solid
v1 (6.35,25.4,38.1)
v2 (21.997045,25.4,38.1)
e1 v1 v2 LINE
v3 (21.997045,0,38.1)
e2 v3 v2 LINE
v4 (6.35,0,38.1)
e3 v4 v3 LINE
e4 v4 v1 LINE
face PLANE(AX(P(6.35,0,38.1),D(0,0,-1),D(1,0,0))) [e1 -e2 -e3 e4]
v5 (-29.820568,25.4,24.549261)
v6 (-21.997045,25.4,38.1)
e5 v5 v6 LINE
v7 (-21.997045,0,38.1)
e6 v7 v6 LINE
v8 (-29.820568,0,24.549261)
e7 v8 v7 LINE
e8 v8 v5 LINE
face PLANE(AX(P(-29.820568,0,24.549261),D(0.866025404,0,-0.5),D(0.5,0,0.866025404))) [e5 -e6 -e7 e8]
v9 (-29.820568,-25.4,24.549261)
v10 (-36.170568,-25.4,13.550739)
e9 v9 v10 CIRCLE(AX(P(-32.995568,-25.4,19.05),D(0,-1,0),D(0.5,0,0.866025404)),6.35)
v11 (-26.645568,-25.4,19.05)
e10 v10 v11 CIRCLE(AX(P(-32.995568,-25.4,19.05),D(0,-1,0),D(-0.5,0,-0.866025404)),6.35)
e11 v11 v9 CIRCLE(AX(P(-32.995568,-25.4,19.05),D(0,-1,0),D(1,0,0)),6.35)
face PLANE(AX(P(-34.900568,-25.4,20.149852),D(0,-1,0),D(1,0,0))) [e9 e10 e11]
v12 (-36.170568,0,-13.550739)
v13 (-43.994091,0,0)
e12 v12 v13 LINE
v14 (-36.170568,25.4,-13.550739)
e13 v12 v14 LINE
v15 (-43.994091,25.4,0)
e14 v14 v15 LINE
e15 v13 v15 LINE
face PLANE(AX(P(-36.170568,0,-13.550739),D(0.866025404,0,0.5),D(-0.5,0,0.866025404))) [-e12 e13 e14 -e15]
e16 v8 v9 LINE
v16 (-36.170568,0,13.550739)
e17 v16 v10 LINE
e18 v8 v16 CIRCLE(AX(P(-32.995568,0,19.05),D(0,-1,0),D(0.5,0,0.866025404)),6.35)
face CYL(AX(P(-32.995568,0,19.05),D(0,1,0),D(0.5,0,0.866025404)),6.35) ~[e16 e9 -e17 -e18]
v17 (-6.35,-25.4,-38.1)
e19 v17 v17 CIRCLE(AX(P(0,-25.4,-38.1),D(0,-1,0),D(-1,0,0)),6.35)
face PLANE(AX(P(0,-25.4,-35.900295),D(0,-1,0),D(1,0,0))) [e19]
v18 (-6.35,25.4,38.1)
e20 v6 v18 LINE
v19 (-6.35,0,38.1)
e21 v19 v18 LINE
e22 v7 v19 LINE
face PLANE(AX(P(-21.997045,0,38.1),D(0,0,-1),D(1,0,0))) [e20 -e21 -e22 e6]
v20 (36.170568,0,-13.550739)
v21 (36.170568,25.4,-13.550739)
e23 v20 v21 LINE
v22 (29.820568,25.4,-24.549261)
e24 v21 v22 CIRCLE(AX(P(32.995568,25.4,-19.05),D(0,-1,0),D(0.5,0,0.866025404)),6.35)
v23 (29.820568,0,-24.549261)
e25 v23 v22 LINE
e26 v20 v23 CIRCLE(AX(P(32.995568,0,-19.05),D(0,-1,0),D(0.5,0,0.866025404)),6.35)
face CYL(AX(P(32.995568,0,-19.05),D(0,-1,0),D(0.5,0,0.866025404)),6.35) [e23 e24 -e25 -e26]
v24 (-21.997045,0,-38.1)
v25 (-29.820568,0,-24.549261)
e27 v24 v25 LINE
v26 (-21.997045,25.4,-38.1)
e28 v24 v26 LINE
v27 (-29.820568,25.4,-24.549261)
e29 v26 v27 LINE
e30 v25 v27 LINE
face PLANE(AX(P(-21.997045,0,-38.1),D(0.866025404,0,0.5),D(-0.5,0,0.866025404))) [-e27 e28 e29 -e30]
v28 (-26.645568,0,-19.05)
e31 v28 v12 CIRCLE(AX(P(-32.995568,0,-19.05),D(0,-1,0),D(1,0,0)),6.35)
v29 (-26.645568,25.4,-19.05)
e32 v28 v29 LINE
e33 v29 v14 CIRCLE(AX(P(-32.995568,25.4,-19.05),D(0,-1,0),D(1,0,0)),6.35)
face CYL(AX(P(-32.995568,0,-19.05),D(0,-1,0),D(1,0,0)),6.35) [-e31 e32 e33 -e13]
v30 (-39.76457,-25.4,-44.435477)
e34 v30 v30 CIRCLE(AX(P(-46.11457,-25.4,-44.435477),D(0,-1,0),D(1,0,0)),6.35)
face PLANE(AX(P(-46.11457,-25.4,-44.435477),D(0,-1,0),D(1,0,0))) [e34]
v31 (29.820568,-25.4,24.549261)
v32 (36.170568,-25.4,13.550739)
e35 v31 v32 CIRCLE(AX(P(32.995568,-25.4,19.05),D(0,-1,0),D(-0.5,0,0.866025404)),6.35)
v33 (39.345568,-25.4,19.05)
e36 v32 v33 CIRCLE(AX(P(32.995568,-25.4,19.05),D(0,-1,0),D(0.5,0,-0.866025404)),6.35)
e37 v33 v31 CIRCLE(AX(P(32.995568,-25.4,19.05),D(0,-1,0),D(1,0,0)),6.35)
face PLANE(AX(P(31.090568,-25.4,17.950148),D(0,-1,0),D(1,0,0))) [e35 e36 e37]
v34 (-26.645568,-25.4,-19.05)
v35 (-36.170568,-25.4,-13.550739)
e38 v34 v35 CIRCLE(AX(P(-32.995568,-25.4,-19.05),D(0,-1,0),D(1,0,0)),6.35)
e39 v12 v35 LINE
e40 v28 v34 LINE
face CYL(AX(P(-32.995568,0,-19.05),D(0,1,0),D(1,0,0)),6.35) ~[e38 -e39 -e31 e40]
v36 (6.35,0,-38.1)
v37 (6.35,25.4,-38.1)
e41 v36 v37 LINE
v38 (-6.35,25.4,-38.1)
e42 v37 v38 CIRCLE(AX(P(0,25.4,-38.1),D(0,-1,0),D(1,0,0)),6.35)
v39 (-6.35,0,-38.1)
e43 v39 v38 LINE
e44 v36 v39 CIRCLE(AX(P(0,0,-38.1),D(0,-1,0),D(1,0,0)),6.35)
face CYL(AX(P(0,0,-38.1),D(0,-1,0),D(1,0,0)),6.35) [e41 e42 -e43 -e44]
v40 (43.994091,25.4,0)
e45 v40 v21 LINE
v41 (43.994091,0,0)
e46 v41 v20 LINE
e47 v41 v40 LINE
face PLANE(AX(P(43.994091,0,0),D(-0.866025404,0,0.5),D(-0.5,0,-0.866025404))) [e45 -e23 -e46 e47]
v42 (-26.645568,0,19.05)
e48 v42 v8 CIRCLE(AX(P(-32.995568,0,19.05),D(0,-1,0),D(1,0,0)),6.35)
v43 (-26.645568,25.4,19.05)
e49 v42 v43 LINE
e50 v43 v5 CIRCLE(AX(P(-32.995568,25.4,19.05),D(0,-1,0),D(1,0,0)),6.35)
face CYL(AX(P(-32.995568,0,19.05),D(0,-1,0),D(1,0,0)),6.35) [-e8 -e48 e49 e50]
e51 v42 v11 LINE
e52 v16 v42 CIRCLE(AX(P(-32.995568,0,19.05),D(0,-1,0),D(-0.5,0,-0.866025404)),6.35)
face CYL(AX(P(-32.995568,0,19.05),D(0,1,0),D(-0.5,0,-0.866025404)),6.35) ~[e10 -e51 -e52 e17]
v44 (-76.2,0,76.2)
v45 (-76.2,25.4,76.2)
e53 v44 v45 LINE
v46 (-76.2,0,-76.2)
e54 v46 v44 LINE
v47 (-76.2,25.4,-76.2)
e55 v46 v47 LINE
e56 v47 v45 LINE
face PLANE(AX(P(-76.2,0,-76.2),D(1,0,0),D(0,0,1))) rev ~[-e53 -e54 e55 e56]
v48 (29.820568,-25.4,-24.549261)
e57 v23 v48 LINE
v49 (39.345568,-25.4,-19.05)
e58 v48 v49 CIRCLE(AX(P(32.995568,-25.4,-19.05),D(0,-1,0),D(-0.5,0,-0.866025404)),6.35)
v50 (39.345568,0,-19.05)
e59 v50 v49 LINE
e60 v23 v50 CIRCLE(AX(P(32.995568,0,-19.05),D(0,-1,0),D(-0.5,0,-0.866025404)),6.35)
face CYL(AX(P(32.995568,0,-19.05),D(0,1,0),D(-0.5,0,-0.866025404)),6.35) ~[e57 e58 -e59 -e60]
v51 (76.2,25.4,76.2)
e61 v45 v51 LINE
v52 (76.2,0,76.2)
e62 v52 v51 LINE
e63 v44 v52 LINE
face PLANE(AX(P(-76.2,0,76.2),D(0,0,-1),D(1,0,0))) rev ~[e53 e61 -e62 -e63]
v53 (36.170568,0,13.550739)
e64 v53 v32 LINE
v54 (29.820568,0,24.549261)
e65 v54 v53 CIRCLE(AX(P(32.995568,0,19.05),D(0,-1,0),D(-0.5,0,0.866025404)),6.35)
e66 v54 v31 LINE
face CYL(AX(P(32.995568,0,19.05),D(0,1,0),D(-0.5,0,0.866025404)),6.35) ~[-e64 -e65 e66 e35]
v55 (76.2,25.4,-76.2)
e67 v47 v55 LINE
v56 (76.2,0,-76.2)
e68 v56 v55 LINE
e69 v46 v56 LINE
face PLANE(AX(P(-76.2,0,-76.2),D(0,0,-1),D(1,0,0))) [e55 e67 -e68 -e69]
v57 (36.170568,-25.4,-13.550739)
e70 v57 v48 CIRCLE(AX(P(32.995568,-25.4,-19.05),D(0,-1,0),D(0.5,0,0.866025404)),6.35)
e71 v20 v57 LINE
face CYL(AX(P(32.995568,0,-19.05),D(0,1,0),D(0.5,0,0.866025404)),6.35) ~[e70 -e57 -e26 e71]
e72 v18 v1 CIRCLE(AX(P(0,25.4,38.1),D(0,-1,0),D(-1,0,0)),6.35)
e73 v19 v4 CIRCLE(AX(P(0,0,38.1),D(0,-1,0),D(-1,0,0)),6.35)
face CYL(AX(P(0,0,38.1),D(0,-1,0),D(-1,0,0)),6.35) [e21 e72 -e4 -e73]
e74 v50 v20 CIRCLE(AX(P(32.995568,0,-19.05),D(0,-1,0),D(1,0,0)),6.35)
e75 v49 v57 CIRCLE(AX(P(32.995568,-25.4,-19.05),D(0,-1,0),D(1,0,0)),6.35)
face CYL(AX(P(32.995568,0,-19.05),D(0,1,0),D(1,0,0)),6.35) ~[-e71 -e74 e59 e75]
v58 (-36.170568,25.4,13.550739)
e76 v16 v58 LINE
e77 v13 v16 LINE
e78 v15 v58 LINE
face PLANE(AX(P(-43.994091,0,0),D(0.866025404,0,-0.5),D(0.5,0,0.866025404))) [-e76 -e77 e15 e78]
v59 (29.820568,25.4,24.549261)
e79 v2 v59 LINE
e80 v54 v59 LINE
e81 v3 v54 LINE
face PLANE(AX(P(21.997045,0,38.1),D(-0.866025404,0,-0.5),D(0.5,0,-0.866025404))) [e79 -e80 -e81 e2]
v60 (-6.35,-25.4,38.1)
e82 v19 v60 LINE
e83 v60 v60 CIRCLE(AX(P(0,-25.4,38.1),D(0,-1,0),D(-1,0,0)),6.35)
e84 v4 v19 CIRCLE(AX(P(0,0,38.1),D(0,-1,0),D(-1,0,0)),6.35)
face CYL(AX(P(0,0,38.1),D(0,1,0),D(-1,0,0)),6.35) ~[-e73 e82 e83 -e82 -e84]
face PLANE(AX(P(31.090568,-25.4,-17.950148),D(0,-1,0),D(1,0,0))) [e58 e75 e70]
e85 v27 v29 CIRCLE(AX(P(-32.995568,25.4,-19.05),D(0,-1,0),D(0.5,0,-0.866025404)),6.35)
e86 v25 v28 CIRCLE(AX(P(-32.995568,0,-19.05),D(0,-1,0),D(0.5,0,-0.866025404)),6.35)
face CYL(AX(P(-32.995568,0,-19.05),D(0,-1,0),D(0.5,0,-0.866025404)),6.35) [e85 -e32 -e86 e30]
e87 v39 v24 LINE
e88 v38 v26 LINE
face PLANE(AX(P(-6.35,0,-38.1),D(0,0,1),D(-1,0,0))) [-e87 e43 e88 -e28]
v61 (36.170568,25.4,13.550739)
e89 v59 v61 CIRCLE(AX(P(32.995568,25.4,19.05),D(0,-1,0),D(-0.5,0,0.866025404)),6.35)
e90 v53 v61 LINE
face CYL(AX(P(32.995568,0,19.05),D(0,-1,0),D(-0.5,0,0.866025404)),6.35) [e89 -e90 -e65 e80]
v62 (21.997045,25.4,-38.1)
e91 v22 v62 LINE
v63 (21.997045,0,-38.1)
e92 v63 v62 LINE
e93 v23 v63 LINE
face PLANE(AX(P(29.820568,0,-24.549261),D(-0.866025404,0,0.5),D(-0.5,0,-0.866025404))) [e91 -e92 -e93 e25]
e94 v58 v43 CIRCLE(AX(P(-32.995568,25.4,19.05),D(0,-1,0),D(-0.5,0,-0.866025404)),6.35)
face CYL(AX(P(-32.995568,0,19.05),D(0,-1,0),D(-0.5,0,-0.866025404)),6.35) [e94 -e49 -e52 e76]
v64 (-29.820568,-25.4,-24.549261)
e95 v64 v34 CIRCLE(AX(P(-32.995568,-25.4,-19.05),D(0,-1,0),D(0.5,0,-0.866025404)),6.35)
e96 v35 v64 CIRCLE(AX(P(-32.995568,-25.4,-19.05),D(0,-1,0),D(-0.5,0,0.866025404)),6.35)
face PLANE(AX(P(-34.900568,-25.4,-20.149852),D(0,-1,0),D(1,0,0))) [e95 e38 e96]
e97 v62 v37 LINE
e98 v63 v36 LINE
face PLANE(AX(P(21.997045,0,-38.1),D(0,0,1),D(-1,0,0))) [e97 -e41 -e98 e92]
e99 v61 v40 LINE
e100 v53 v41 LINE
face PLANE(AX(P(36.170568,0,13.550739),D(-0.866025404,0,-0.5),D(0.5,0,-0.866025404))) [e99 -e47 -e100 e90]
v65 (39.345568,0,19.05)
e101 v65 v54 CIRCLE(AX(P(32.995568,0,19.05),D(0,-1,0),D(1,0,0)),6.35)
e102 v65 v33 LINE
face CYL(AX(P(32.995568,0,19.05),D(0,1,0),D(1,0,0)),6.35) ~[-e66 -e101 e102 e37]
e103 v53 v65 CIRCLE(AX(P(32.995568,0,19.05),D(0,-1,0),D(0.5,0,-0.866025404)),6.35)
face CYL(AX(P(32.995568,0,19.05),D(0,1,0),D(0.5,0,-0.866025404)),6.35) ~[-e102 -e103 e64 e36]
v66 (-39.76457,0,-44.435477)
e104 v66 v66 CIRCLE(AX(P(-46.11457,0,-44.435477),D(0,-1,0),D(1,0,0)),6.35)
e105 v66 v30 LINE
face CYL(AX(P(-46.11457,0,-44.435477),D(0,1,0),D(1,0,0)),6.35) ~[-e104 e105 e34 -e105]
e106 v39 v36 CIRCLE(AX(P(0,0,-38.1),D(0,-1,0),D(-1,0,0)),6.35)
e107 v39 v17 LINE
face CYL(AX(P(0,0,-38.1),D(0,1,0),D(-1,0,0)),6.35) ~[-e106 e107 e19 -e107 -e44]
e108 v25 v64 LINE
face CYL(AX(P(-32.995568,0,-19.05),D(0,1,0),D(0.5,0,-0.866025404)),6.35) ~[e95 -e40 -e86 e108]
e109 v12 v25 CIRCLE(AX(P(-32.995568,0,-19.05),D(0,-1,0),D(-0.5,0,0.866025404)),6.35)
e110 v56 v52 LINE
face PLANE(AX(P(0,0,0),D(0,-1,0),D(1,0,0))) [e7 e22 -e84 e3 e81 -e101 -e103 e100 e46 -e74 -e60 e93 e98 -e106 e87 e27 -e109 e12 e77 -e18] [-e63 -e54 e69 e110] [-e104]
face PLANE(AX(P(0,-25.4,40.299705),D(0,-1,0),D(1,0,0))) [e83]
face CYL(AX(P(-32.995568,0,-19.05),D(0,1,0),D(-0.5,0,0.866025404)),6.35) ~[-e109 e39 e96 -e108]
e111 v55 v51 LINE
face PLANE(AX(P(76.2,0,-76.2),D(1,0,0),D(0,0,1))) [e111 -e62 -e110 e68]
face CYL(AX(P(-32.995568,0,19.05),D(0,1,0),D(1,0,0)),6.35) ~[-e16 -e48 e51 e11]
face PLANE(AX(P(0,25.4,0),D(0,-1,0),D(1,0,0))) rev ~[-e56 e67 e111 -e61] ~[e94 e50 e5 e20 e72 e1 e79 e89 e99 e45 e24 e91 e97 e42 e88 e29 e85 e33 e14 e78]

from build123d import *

# Parameters (mm, degrees)
F0_W     = 152.4
F0_H     = 152.4
F0_R     = 6.35
F1_DEPTH = 25.4
F2_DEPTH = 25.4


with BuildPart() as f1:
    # F0 (on Front) → F1 (new body)
    with BuildSketch(Plane.XZ):
        Rectangle(F0_W, F0_H)
        with Locations((-46.1145695052, -44.4354765854)):
            Circle(F0_R, mode=Mode.SUBTRACT)
        with BuildLine():
            ThreePointArc((-6.35, 38.1), (0, 44.45), (6.35, 38.1))
            Line((6.35, 38.1), (21.9970452561, 38.1))
            Line((21.9970452561, 38.1), (29.8205678842, 24.549261314))
            ThreePointArc((29.8205678842, 24.549261314), (36.1705678842, 24.549261314), (39.3455678842, 19.05))
            ThreePointArc((39.3455678842, 19.05), (38.4948291982, 15.875), (36.1705678842, 13.550738686))
            Line((36.1705678842, 13.550738686), (43.9940905122, 0))
            Line((43.9940905122, 0), (36.1705678842, -13.550738686))
            ThreePointArc((36.1705678842, -13.550738686), (38.4948291982, -15.875), (39.3455678842, -19.05))
            ThreePointArc((39.3455678842, -19.05), (36.1705678842, -24.549261314), (29.8205678842, -24.549261314))
            Line((29.8205678842, -24.549261314), (21.9970452561, -38.1))
            Line((21.9970452561, -38.1), (6.35, -38.1))
            ThreePointArc((6.35, -38.1), (0, -44.45), (-6.35, -38.1))
            Line((-6.35, -38.1), (-21.9970452561, -38.1))
            Line((-21.9970452561, -38.1), (-29.8205678842, -24.549261314))
            ThreePointArc((-29.8205678842, -24.549261314), (-38.4948291982, -22.225), (-36.1705678842, -13.550738686))
            Line((-36.1705678842, -13.550738686), (-43.9940905122, 0))
            Line((-43.9940905122, 0), (-36.1705678842, 13.550738686))
            ThreePointArc((-36.1705678842, 13.550738686), (-38.4948291982, 22.225), (-29.8205678842, 24.549261314))
            Line((-29.8205678842, 24.549261314), (-21.9970452561, 38.1))
            Line((-21.9970452561, 38.1), (-6.35, 38.1))
        make_face(mode=Mode.SUBTRACT)
        with BuildLine():
            Line((-29.8205678842, -24.549261314), (-36.1705678842, -13.550738686))
            ThreePointArc((-36.1705678842, -13.550738686), (-38.4948291982, -22.225), (-29.8205678842, -24.549261314))
        make_face()
        with BuildLine():
            ThreePointArc((-26.6455678842, -19.05), (-29.8205678842, -13.550738686), (-36.1705678842, -13.550738686))
            Line((-36.1705678842, -13.550738686), (-29.8205678842, -24.549261314))
            ThreePointArc((-29.8205678842, -24.549261314), (-27.4963065702, -22.225), (-26.6455678842, -19.05))
        make_face()
        with BuildLine():
            Line((-36.1705678842, 13.550738686), (-29.8205678842, 24.549261314))
            ThreePointArc((-29.8205678842, 24.549261314), (-38.4948291982, 22.225), (-36.1705678842, 13.550738686))
        make_face()
        with BuildLine():
            ThreePointArc((-26.6455678842, 19.05), (-27.4963065702, 22.225), (-29.8205678842, 24.549261314))
            Line((-29.8205678842, 24.549261314), (-36.1705678842, 13.550738686))
            ThreePointArc((-36.1705678842, 13.550738686), (-29.8205678842, 13.550738686), (-26.6455678842, 19.05))
        make_face()
        with BuildLine():
            Line((-6.35, 38.1), (6.35, 38.1))
            ThreePointArc((6.35, 38.1), (0, 44.45), (-6.35, 38.1))
        make_face()
        with BuildLine():
            ThreePointArc((-6.35, 38.1), (0, 31.75), (6.35, 38.1))
            Line((6.35, 38.1), (-6.35, 38.1))
        make_face()
        with BuildLine():
            Line((36.1705678842, 13.550738686), (29.8205678842, 24.549261314))
            ThreePointArc((29.8205678842, 24.549261314), (27.4963065702, 15.875), (36.1705678842, 13.550738686))
        make_face()
        with BuildLine():
            ThreePointArc((39.3455678842, 19.05), (36.1705678842, 24.549261314), (29.8205678842, 24.549261314))
            Line((29.8205678842, 24.549261314), (36.1705678842, 13.550738686))
            ThreePointArc((36.1705678842, 13.550738686), (38.4948291982, 15.875), (39.3455678842, 19.05))
        make_face()
        with BuildLine():
            Line((29.8205678842, -24.549261314), (36.1705678842, -13.550738686))
            ThreePointArc((36.1705678842, -13.550738686), (27.4963065702, -15.875), (29.8205678842, -24.549261314))
        make_face()
        with BuildLine():
            ThreePointArc((39.3455678842, -19.05), (38.4948291982, -15.875), (36.1705678842, -13.550738686))
            Line((36.1705678842, -13.550738686), (29.8205678842, -24.549261314))
            ThreePointArc((29.8205678842, -24.549261314), (36.1705678842, -24.549261314), (39.3455678842, -19.05))
        make_face()
        with BuildLine():
            Line((-6.35, -38.1), (6.35, -38.1))
            ThreePointArc((6.35, -38.1), (0, -31.75), (-6.35, -38.1))
        make_face()
        with BuildLine():
            ThreePointArc((-6.35, -38.1), (0, -44.45), (6.35, -38.1))
            Line((6.35, -38.1), (-6.35, -38.1))
        make_face()
        with Locations((-46.1145695052, -44.4354765854)):
            Circle(F0_R)
    extrude(amount=-F1_DEPTH)

    # F0 (on Front) → F2 (join)
    with BuildSketch(Plane.XZ):
        with BuildLine():
            Line((-36.1705678842, 13.550738686), (-29.8205678842, 24.549261314))
            ThreePointArc((-29.8205678842, 24.549261314), (-38.4948291982, 22.225), (-36.1705678842, 13.550738686))
        make_face()
        with BuildLine():
            ThreePointArc((-26.6455678842, 19.05), (-27.4963065702, 22.225), (-29.8205678842, 24.549261314))
            Line((-29.8205678842, 24.549261314), (-36.1705678842, 13.550738686))
            ThreePointArc((-36.1705678842, 13.550738686), (-29.8205678842, 13.550738686), (-26.6455678842, 19.05))
        make_face()
        with BuildLine():
            Line((-29.8205678842, -24.549261314), (-36.1705678842, -13.550738686))
            ThreePointArc((-36.1705678842, -13.550738686), (-38.4948291982, -22.225), (-29.8205678842, -24.549261314))
        make_face()
        with BuildLine():
            ThreePointArc((-26.6455678842, -19.05), (-29.8205678842, -13.550738686), (-36.1705678842, -13.550738686))
            Line((-36.1705678842, -13.550738686), (-29.8205678842, -24.549261314))
            ThreePointArc((-29.8205678842, -24.549261314), (-27.4963065702, -22.225), (-26.6455678842, -19.05))
        make_face()
        with BuildLine():
            Line((-6.35, -38.1), (6.35, -38.1))
            ThreePointArc((6.35, -38.1), (0, -31.75), (-6.35, -38.1))
        make_face()
        with BuildLine():
            ThreePointArc((-6.35, -38.1), (0, -44.45), (6.35, -38.1))
            Line((6.35, -38.1), (-6.35, -38.1))
        make_face()
        with BuildLine():
            Line((36.1705678842, 13.550738686), (29.8205678842, 24.549261314))
            ThreePointArc((29.8205678842, 24.549261314), (27.4963065702, 15.875), (36.1705678842, 13.550738686))
        make_face()
        with BuildLine():
            ThreePointArc((39.3455678842, 19.05), (36.1705678842, 24.549261314), (29.8205678842, 24.549261314))
            Line((29.8205678842, 24.549261314), (36.1705678842, 13.550738686))
            ThreePointArc((36.1705678842, 13.550738686), (38.4948291982, 15.875), (39.3455678842, 19.05))
        make_face()
        with BuildLine():
            Line((29.8205678842, -24.549261314), (36.1705678842, -13.550738686))
            ThreePointArc((36.1705678842, -13.550738686), (27.4963065702, -15.875), (29.8205678842, -24.549261314))
        make_face()
        with BuildLine():
            ThreePointArc((39.3455678842, -19.05), (38.4948291982, -15.875), (36.1705678842, -13.550738686))
            Line((36.1705678842, -13.550738686), (29.8205678842, -24.549261314))
            ThreePointArc((29.8205678842, -24.549261314), (36.1705678842, -24.549261314), (39.3455678842, -19.05))
        make_face()
        with BuildLine():
            Line((-6.35, 38.1), (6.35, 38.1))
            ThreePointArc((6.35, 38.1), (0, 44.45), (-6.35, 38.1))
        make_face()
        with BuildLine():
            ThreePointArc((-6.35, 38.1), (0, 31.75), (6.35, 38.1))
            Line((6.35, 38.1), (-6.35, 38.1))
        make_face()
        with Locations((-46.1145695052, -44.4354765854)):
            Circle(F0_R)
    extrude(amount=F2_DEPTH)


solid = f1.part
